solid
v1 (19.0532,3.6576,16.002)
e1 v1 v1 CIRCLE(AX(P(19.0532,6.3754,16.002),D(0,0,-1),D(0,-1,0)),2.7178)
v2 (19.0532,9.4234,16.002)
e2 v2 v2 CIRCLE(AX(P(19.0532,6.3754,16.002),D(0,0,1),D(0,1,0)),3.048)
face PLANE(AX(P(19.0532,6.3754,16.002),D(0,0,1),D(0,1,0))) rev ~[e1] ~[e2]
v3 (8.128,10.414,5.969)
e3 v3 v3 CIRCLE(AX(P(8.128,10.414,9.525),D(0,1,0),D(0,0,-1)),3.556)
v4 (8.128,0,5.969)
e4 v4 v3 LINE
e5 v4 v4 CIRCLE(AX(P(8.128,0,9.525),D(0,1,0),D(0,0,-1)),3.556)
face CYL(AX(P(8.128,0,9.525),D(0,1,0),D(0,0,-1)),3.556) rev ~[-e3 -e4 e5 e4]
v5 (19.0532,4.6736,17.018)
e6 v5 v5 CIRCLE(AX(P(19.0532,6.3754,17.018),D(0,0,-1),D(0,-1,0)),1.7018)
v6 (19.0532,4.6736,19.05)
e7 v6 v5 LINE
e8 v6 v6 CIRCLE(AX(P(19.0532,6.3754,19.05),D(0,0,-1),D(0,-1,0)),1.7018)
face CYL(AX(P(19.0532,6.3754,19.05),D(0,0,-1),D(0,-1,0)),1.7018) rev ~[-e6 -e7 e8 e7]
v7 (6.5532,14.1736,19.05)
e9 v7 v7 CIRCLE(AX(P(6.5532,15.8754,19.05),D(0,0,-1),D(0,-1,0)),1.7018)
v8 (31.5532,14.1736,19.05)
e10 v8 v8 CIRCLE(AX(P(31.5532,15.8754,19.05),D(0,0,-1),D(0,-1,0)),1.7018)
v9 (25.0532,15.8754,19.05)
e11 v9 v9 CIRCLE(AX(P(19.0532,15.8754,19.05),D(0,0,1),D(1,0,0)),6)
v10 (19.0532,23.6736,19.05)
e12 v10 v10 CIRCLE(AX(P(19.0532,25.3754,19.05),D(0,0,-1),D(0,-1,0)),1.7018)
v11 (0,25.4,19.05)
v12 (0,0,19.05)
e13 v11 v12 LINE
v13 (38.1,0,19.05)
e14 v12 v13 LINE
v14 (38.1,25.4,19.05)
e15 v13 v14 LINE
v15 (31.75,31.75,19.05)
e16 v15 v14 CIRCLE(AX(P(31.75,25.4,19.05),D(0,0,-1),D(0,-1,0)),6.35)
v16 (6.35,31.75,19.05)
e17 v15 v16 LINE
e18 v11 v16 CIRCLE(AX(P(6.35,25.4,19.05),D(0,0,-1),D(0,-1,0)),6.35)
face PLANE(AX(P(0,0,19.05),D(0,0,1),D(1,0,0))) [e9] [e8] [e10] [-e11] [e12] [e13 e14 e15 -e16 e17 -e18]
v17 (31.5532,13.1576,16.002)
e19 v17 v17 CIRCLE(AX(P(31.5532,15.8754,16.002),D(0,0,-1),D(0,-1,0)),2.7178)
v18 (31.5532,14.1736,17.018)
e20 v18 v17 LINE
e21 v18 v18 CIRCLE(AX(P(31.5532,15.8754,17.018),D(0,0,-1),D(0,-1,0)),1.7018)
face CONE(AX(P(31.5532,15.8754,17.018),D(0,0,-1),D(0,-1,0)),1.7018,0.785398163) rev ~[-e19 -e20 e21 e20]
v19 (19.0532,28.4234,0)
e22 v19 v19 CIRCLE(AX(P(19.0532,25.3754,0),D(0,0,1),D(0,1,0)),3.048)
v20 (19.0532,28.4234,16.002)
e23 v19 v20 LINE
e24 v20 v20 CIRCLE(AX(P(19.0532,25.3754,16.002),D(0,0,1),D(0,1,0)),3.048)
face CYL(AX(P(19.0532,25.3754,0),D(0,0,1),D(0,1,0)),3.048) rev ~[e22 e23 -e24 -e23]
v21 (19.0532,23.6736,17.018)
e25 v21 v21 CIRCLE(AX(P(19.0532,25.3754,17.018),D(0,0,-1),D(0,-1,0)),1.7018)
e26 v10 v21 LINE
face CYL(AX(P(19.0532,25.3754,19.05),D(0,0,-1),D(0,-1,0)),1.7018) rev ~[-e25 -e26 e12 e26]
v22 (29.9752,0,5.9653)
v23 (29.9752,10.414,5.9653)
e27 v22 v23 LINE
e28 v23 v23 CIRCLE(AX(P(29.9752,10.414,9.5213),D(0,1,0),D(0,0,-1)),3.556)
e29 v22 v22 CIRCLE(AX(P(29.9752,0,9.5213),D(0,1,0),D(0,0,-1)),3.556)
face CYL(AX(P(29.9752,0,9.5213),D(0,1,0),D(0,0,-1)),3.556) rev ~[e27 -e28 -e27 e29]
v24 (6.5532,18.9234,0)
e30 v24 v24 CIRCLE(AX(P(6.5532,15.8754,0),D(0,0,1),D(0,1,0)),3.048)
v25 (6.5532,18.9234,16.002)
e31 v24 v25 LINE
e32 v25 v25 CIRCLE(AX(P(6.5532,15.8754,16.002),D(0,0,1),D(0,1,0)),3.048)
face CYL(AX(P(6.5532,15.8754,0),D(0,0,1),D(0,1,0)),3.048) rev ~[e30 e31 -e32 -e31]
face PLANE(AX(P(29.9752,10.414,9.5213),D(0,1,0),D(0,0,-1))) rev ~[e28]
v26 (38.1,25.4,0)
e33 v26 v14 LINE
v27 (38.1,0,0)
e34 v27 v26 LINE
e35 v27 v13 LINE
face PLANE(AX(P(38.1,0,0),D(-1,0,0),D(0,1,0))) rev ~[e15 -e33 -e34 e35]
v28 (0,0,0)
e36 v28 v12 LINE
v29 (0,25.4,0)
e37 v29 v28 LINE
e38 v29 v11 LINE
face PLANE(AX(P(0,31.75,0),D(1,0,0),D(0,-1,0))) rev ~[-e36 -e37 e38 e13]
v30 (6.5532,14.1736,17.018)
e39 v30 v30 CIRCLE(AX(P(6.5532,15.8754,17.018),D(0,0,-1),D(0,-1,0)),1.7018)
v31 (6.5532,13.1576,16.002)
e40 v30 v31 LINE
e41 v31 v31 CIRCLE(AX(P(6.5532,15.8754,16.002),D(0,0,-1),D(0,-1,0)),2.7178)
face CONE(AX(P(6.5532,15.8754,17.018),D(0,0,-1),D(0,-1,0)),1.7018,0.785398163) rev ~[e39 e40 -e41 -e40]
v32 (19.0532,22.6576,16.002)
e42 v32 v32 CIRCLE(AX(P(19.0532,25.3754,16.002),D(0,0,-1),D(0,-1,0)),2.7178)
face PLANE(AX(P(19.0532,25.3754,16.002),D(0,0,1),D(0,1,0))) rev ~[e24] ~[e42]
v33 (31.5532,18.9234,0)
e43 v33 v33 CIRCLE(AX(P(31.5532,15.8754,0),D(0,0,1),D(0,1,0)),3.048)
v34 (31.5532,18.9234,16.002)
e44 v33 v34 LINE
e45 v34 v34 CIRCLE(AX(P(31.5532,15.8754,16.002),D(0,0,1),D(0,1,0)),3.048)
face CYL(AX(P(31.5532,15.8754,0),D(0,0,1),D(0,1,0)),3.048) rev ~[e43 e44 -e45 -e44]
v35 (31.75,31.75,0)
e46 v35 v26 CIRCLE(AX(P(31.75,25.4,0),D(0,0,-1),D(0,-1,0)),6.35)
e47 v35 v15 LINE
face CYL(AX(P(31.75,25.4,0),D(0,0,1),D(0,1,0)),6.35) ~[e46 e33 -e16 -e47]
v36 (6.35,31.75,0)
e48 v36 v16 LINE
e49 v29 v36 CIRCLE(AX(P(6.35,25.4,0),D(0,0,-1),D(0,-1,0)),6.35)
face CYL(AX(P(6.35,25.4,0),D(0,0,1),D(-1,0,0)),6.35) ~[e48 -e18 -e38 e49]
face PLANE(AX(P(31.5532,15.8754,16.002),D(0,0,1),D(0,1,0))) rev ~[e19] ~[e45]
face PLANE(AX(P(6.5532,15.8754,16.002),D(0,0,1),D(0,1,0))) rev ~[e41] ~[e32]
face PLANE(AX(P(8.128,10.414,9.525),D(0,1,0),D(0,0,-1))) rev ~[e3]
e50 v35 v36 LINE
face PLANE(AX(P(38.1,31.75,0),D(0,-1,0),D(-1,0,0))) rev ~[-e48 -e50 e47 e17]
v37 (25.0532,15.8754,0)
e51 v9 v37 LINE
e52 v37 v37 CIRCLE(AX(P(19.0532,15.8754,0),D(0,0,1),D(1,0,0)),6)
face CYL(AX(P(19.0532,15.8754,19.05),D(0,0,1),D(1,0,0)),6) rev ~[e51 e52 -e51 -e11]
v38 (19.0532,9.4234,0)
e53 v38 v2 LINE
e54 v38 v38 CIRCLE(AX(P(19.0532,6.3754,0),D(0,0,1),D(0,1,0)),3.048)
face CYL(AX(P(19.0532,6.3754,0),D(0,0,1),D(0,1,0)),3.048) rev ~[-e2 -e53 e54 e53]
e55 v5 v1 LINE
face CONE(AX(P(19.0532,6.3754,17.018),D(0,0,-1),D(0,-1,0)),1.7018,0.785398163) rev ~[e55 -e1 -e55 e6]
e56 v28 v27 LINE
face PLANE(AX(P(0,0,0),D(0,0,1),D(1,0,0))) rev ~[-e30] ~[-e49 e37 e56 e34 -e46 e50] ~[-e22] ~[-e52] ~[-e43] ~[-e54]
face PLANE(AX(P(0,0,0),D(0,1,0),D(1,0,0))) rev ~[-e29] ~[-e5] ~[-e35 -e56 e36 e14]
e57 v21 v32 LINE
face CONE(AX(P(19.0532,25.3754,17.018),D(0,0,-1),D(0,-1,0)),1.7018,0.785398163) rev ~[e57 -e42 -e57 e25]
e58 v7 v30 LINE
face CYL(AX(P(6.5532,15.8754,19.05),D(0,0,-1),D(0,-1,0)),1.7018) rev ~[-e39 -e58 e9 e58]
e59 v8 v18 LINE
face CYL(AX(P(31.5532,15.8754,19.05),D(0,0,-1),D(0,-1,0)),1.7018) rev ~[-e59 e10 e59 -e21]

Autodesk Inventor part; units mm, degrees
ref_plane "YZ Plane" through (0, 0, 0) normal (1, 0, 0) x (0, 1, 0)
ref_plane "XZ Plane" through (0, 0, 0) normal (0, 1, 0) x (-1, 0, 0)
ref_plane "XY Plane" through (0, 0, 0) normal (0, 0, 1) x (1, 0, 0)
sketch "Sketch1" plane through (0, 0, 0) normal (0, 0, 1) x (1, 0, 0)
  line L0 (0, 0) -> (38.1, 0)
  line L1 (38.1, 0) -> (38.1, 31.75)
  line L2 (38.1, 31.75) -> (0, 31.75)
  line L3 (0, 31.75) -> (0, 0)
  dimension "d0" = 38.1
  dimension "d1" = 31.75
extrude "Extrusion1" add sketch "Sketch1" along normal blind 19.05
sketch "Sketch2" plane through (0, 0, 19.05) normal (0, 0, 1) x (1, 0, 0)
  line L0 (31.5532, 15.8754) -> (6.5532, 15.8754)
  line L1 (19.0532, 6.3754) -> (19.0532, 25.3754)
  line L2 (0, 31.75) -> (0, 0)
  line L3 (38.1, 0) -> (0, 0)
  line L4 (0, 0) -> (38.1, 0) projected
  line L5 (0, 31.75) -> (0, 0) projected
  point P0 (19.0532, 15.8754)
  point P1 (0, -6.35)
  point P2 (9.525, -9.525)
  dimension "d4" = 25
  dimension "d5" = 19
  dimension "d6" = 6.5532
  dimension "d7" = 6.3754
hole "Hole1" at (19.0532, 15.8754, 19.05) at (19.0532, 25.3754, 19.05) at (6.5532, 15.8754, 19.05) at (19.0532, 6.3754, 19.05) at (31.5532, 15.8754, 19.05) direction (0, 0, -1) diameter 3.4036 depth 32.0675
sketch "Sketch3" plane through (0, 0, 0) normal (0, 0, -1) x (-1, 0, 0)
  circle A0 centre (-19.0532, 6.3754) radius 1.7018 projected
  circle A1 centre (-19.0532, 25.3754) radius 1.7018 projected
  circle A2 centre (-19.0532, 15.8754) radius 1.7018 projected
  circle A3 centre (-6.5532, 15.8754) radius 1.7018 projected
  circle A4 centre (-31.5532, 15.8754) radius 1.7018 projected
  line L0 (-38.1, 0) -> (-38.1, 31.75) projected
  line L1 (0, 0) -> (-38.1, 0) projected
  line L2 (0, 31.75) -> (0, 0) projected
  line L3 (-38.1, 31.75) -> (0, 31.75) projected
  circle A5 centre (-19.0532, 25.3754) radius 1.7018 projected
  circle A6 centre (-19.0532, 6.3754) radius 1.7018 projected
  circle A7 centre (-19.0532, 15.8754) radius 1.7018 projected
  circle A8 centre (-19.0532, 15.8754) radius 5.5
  dimension "d34" = 11
hole "Hole2" at (19.0532, 15.8754, 0) at (19.0532, 25.3754, 0) at (31.5532, 15.8754, 0) at (6.5532, 15.8754, 0) at (19.0532, 6.3754, 0) direction (0, 0, 1) diameter 6.096 depth 16.002
chamfer "Chamfer1" distance 1.016 angle 45 5 edges at (19.0532, 8.0772, 16.002) (6.5532, 17.5772, 16.002) (19.0532, 17.5772, 16.002) (19.0532, 27.0772, 16.002) (31.5532, 17.5772, 16.002)
sketch "Sketch4" plane through (0, 0, 0) normal (0, -1, 0) x (1, 0, 0)
  line L0 (0, 0) -> (38.1, 0) projected
  line L1 (38.1, 0) -> (38.1, 19.05) projected
  line L2 (0, 19.05) -> (38.1, 19.05) projected
  line L3 (0, 0) -> (0, 19.05) projected
  line L4 (17.3514, 19.05) -> (20.755, 19.05) projected
  line L5 (19.0532, 19.05) -> (19.05, 0)
  point P0 (8.128, 9.525)
  point P1 (29.9752, 9.5213)
  point P2 (0, 9.525)
  dimension "d25" = 9.525
  dimension "d26" = 8.128
hole "Hole3" at (8.128, 0, 9.525) at (29.9752, 0, 9.5213) direction (0, 1, 0) diameter 7.112 depth 10.414
sketch "Sketch5" plane through (0, 0, 19.05) normal (0, 0, 1) x (1, 0, 0)
  circle A0 centre (19.0532, 15.8754) radius 1.7018 projected
  circle A1 centre (19.0532, 15.8754) radius 6
  point P0 (0, 0)
  dimension "d35" = 12
extrude "Extrusion2" cut sketch "Sketch5" against normal blind 25.4
fillet "Fillet2" radius 6.35 2 edges at (0, 31.75, 9.525) (38.1, 31.75, 9.525)
properties part number "Motor Mounts"
